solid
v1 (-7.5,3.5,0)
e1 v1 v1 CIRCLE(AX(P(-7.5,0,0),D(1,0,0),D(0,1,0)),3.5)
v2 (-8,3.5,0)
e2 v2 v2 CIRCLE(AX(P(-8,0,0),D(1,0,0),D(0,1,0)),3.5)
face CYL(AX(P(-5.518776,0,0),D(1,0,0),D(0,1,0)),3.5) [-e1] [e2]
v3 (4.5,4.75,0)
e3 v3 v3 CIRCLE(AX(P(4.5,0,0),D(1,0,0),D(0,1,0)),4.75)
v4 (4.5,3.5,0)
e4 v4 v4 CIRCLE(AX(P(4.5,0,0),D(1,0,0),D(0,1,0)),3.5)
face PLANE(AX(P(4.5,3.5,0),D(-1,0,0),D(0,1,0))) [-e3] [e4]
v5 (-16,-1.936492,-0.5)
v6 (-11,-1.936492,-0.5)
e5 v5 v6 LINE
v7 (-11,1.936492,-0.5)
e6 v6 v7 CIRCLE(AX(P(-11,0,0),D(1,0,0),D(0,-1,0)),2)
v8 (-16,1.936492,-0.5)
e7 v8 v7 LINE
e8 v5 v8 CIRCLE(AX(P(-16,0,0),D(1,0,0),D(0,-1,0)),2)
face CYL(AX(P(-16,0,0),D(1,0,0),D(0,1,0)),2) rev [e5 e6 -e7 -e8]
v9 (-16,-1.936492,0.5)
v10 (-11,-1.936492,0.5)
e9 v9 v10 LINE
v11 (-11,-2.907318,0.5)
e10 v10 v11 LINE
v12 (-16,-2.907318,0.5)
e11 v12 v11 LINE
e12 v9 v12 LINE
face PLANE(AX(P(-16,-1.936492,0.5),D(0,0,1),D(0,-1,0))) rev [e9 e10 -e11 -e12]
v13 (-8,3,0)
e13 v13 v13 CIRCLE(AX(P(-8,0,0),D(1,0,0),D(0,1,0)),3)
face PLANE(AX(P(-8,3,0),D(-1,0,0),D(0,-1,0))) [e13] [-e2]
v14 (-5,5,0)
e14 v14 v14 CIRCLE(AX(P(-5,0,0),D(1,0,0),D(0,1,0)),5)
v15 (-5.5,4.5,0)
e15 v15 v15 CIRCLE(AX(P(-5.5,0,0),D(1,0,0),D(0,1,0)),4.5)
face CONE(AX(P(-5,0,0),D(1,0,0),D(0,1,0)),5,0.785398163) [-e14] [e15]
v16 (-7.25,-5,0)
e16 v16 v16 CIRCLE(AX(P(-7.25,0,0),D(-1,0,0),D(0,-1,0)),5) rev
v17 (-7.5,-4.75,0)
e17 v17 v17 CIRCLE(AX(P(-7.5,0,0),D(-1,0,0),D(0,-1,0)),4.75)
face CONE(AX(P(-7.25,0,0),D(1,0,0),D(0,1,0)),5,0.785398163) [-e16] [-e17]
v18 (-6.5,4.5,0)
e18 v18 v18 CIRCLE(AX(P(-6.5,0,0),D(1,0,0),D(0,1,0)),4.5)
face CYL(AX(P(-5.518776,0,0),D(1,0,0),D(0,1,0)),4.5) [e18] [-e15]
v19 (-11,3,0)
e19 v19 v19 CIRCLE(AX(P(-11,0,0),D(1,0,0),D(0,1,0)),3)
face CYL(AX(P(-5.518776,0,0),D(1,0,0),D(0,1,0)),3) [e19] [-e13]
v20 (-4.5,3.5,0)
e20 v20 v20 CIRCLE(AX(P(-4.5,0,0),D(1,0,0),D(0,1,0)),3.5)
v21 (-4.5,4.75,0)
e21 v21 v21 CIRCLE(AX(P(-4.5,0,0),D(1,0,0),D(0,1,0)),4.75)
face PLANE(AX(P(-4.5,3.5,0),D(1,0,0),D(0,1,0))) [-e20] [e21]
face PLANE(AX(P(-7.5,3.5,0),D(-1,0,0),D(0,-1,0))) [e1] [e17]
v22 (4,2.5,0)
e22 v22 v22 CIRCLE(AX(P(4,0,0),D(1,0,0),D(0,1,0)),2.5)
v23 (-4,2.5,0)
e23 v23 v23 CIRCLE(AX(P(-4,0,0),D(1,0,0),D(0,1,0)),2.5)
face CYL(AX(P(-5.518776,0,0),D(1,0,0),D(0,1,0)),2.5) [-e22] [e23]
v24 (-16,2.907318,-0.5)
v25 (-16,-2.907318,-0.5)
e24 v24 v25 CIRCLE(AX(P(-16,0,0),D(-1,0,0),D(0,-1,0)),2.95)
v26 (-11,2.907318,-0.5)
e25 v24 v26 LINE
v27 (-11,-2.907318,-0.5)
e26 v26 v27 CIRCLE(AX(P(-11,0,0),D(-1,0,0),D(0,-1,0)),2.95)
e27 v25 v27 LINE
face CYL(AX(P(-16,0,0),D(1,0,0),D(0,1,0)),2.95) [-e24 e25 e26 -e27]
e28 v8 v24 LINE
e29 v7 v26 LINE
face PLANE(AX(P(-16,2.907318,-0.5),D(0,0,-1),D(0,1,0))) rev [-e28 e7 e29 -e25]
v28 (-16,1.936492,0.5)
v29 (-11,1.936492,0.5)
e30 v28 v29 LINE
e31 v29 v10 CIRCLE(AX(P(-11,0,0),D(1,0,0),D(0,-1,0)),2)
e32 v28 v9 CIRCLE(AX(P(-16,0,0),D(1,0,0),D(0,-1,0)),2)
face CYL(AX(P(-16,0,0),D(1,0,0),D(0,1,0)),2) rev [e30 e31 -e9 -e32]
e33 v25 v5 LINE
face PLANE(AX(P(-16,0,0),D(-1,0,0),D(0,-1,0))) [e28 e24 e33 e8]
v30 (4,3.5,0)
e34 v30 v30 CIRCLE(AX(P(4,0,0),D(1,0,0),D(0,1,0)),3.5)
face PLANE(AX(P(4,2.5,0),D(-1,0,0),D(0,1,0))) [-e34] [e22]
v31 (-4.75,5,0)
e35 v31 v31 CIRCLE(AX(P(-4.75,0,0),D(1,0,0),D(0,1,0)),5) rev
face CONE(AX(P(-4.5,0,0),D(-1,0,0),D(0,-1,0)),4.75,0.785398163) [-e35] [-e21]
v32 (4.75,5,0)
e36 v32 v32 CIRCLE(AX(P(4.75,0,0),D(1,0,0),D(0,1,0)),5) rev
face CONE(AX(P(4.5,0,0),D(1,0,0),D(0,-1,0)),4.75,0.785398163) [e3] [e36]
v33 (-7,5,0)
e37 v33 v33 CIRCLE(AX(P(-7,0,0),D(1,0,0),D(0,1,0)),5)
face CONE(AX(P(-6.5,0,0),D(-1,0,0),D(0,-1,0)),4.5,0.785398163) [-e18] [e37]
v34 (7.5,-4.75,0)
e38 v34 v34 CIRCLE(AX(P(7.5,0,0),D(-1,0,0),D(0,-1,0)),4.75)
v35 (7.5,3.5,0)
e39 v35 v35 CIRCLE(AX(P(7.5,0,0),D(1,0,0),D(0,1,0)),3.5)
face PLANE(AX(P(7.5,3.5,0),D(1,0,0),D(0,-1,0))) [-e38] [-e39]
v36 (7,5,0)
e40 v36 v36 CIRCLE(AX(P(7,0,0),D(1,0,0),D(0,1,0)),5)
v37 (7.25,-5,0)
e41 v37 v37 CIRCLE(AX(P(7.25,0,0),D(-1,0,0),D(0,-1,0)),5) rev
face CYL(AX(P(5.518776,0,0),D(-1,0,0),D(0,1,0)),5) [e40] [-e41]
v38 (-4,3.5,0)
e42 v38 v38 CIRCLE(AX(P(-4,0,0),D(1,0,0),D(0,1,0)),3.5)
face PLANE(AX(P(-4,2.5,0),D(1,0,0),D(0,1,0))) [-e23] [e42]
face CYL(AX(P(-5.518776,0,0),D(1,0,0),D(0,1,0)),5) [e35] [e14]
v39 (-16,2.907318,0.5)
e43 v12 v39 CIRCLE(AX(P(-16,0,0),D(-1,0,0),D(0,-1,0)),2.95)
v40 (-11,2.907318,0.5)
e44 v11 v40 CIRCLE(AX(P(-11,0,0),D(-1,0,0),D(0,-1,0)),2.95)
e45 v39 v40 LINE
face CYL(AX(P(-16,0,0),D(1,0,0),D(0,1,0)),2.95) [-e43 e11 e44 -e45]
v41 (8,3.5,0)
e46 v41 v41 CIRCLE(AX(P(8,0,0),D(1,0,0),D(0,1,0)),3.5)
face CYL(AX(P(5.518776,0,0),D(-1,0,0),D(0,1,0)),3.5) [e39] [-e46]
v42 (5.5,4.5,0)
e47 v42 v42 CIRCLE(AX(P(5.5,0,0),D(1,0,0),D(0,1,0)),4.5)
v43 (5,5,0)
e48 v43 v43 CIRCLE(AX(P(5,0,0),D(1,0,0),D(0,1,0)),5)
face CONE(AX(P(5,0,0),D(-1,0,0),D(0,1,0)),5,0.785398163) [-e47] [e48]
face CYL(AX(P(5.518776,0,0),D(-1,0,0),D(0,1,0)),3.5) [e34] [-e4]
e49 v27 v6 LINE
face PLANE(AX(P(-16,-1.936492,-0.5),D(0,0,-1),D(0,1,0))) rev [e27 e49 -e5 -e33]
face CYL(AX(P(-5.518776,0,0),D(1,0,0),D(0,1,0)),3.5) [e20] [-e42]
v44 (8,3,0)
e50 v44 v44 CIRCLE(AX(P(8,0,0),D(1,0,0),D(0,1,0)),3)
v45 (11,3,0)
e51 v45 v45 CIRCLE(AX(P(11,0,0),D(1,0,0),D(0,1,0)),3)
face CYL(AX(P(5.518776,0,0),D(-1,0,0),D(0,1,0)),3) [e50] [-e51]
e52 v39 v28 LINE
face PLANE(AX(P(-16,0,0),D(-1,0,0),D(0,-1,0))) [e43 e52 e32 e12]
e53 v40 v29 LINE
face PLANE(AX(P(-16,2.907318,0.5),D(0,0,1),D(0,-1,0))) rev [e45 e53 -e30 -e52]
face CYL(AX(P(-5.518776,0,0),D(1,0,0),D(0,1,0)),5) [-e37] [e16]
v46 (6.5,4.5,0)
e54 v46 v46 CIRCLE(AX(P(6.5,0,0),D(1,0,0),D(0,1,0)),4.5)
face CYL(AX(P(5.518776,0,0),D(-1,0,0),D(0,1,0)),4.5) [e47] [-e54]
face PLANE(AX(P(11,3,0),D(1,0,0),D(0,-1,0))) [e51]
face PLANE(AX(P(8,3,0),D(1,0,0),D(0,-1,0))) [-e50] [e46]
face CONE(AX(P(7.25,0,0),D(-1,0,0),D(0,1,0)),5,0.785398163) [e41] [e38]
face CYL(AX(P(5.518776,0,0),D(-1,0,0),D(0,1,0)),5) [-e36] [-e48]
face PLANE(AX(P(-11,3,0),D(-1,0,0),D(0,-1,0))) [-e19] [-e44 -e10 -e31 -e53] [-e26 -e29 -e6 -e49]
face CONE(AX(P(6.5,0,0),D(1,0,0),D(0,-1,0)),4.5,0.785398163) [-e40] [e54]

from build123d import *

# Parameters (mm, degrees)
FASE1_SIZE                      = 0.25
AUFSATZ_LINEAR_AUSTRAGEN1_DEPTH = 5


with BuildPart() as part:
    # Skizze1 → Rotation1 (revolve)
    with BuildSketch(Plane.XY):
        Polygon((-8, 3), (-11, 3), (-11, 0), (0, 0), (0, 2.5), (-4, 2.5), (-4, 3.5), (-4.5, 3.5), (-4.5, 5), (-5, 5), (-5.5, 4.5), (-6.5, 4.5), (-7, 5), (-7.5, 5), (-7.5, 3.5), (-8, 3.5), align=None)
    revolve(axis=Axis((-5.518776228, 0, 0), (-1, 0, 0)))

    # Fase1
    fase1_edges = [part.edges().sort_by_distance(p)[0] for p in [
        (-4.5, -5, 0),
        (-7.5, -5, 0),
    ]]
    chamfer(fase1_edges, length=FASE1_SIZE)

    # Spiegeln1: part across plane


with BuildPart() as part_1:
    add(part.part)
    add(part.part.mirror(Plane(origin=(0, 0, 0), x_dir=(0, 0, 1), z_dir=(1, 0, 0))))

    # Skizze2 → Aufsatz-Linear austragen1 (add)
    with BuildSketch(Plane.ZY.offset(11)):
        with BuildLine():
            Line((-0.5, -1.936491673), (-0.5, -2.907318352))
            ThreePointArc((-0.5, -2.907318352), (-2.95, 0), (-0.5, 2.907318352))
            Line((-0.5, 2.907318352), (-0.5, 1.936491673))
            ThreePointArc((-0.5, 1.936491673), (-2, 0), (-0.5, -1.936491673))
        make_face()
        with BuildLine():
            Line((0.5, -1.936491673), (0.5, -2.907318352))
            ThreePointArc((0.5, -2.907318352), (2.95, 0), (0.5, 2.907318352))
            Line((0.5, 2.907318352), (0.5, 1.936491673))
            ThreePointArc((0.5, 1.936491673), (2, 0), (0.5, -1.936491673))
        make_face()
    extrude(amount=AUFSATZ_LINEAR_AUSTRAGEN1_DEPTH)


solid = part_1.part
